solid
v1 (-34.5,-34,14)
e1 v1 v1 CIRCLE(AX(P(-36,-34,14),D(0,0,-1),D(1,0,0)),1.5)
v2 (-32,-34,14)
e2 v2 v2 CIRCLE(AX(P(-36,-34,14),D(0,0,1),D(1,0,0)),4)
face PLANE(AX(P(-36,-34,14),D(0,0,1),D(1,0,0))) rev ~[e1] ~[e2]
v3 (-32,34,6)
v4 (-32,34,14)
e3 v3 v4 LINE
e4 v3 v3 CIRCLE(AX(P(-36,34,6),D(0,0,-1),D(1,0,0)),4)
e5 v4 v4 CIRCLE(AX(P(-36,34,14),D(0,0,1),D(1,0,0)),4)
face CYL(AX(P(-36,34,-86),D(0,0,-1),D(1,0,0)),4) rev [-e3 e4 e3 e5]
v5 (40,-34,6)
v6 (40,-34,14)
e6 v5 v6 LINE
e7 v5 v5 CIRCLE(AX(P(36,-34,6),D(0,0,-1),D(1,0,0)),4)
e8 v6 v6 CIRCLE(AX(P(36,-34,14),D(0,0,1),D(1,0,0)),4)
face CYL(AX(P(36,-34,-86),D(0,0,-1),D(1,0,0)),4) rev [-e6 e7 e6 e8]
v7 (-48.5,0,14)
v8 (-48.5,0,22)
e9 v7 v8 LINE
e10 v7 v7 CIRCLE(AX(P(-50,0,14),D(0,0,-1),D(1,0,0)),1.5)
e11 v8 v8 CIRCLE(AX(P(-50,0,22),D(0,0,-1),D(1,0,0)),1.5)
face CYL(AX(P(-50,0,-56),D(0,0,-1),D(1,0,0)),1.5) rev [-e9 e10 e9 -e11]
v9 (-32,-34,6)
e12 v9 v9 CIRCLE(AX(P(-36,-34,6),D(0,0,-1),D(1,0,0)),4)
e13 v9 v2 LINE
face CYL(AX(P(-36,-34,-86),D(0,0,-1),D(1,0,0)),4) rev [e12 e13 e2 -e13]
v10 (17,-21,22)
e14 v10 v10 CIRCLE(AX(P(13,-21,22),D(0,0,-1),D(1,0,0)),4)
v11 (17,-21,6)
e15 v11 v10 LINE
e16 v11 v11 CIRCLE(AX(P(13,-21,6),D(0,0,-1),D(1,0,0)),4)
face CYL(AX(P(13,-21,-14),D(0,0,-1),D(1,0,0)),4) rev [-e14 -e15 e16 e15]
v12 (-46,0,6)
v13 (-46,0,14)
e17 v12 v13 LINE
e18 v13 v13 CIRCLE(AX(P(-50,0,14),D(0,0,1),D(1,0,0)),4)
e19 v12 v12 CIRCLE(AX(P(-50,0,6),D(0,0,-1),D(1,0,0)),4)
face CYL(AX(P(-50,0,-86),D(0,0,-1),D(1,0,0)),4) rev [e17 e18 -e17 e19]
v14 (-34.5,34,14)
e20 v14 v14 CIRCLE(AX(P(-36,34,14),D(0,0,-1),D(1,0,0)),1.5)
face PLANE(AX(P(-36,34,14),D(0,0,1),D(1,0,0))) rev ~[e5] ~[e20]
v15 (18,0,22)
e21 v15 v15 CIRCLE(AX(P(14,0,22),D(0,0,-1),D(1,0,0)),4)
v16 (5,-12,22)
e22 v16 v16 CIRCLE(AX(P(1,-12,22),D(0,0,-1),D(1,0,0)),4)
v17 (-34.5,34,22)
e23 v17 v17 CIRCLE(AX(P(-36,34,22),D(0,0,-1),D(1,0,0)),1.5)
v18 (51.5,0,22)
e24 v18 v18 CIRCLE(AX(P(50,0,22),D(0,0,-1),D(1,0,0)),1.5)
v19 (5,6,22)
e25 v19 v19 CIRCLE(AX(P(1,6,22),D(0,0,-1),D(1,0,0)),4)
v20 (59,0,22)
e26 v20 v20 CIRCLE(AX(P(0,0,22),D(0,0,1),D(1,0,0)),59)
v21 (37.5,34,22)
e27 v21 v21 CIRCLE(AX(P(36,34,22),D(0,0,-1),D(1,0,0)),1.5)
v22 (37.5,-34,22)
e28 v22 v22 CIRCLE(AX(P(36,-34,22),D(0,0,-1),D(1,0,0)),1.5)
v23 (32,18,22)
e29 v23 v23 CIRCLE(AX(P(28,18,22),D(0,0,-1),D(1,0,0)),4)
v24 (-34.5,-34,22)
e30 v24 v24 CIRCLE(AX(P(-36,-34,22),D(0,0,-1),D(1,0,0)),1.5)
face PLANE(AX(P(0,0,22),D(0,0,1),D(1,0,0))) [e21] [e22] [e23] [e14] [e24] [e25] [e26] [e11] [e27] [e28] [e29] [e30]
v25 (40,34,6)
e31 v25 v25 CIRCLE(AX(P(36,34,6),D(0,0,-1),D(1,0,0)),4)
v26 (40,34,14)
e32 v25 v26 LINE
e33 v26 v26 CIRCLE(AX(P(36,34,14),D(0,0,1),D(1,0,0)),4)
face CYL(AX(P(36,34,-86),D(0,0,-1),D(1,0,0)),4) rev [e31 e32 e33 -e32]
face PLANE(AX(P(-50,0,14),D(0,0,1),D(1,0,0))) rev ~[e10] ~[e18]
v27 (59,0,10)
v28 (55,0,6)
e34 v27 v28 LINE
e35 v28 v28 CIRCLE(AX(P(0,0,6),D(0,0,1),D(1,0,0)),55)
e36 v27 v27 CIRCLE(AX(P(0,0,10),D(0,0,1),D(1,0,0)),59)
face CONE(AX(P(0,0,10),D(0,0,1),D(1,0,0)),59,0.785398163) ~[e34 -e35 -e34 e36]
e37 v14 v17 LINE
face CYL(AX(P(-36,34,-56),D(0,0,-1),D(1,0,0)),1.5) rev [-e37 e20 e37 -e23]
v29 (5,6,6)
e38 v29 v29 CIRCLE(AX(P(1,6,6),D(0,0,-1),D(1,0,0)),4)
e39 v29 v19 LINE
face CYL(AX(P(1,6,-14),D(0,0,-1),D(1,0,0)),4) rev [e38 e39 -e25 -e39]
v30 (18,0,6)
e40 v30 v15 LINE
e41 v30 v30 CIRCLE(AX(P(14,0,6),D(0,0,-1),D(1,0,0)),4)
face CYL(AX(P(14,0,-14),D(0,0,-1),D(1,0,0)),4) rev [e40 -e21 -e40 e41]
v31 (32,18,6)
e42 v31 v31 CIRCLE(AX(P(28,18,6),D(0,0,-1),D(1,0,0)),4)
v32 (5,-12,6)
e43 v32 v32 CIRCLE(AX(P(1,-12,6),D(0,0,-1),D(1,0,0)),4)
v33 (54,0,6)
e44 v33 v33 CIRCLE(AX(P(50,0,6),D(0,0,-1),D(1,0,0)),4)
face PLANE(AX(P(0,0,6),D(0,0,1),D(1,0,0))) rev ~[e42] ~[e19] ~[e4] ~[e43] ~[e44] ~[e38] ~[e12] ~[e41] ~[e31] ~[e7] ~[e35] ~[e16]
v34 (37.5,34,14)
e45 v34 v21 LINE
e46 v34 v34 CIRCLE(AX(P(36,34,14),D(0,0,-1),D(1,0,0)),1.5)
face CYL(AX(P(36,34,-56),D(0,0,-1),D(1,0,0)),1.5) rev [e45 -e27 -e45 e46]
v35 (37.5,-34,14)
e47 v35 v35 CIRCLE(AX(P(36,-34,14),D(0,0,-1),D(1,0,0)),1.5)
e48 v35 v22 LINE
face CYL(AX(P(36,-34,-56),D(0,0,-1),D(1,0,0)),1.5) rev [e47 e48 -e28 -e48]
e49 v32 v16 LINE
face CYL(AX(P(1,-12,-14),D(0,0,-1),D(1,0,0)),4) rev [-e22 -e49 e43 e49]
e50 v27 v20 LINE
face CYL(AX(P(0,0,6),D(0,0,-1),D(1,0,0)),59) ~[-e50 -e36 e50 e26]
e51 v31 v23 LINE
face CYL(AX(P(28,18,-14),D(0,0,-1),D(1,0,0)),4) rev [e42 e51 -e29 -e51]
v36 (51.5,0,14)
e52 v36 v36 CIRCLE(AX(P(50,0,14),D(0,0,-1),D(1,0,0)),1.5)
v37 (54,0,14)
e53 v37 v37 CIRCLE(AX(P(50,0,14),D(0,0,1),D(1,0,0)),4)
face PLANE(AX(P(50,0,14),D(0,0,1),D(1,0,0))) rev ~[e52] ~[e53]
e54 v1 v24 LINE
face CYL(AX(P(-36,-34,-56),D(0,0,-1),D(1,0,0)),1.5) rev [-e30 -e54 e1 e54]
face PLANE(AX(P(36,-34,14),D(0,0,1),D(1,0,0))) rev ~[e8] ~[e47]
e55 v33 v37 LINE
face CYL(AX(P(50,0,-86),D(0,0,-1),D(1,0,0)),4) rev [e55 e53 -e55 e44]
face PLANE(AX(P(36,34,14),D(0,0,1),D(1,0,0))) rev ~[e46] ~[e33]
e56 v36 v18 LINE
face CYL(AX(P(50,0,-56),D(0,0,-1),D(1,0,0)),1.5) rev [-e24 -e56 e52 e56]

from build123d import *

# Parameters (mm, degrees)
CYLINDER1536_R     = 4
CYLINDER1536_DEPTH = 100
CYLINDER1535_R     = 4
CYLINDER1535_DEPTH = 100
CYLINDER1484_R     = 1.5
CYLINDER1484_DEPTH = 100
CYLINDER1485_R     = 1.5
CYLINDER1485_DEPTH = 100
CYLINDER1486_R     = 1.5
CYLINDER1486_DEPTH = 100
CYLINDER1487_R     = 1.5
CYLINDER1487_DEPTH = 100
CYLINDER1488_R     = 1.5
CYLINDER1488_DEPTH = 100
CYLINDER1483_R     = 1.5
CYLINDER1483_DEPTH = 100
CYLINDER1133_R     = 4
CYLINDER1133_DEPTH = 100
CYLINDER1134_R     = 4
CYLINDER1134_DEPTH = 100
CYLINDER1135_R     = 4
CYLINDER1135_DEPTH = 100
CYLINDER1131_R     = 4
CYLINDER1131_DEPTH = 100
CYLINDER1136_R     = 4
CYLINDER1136_DEPTH = 100
CYLINDER1132_R     = 4
CYLINDER1132_DEPTH = 100
CYLINDER1508_R     = 4
CYLINDER1508_DEPTH = 20
CYLINDER1509_R     = 4
CYLINDER1509_DEPTH = 20
CYLINDER1510_R     = 4
CYLINDER1510_DEPTH = 20
CYLINDER1511_R     = 4
CYLINDER1511_DEPTH = 40
CYLINDER1512_R     = 4
CYLINDER1512_DEPTH = 40
CYLINDER1513_R     = 4
CYLINDER1513_DEPTH = 40
CYLINDER1514_R     = 4
CYLINDER1514_DEPTH = 40
CYLINDER1507_R     = 4
CYLINDER1507_DEPTH = 20
CYLINDER1489_R     = 59
CYLINDER1489_DEPTH = 16
CHAMFER040_SIZE    = 4


with BuildPart() as v_lec1536:
    # Cylinder1536 → Cylinder1536 (new body)
    with BuildSketch(Plane(origin=(14, 0, -18), x_dir=(1, 0, 0), z_dir=(0, 0, 1))):
        Circle(CYLINDER1536_R)
    extrude(amount=CYLINDER1536_DEPTH)


with BuildPart() as srouby_troj_silne005:
    # Cylinder1535 → Cylinder1535 (new body)
    with BuildSketch(Plane(origin=(90, 0, -18), x_dir=(1, 0, 0), z_dir=(0, 0, 1))):
        Circle(CYLINDER1535_R)
    extrude(amount=CYLINDER1535_DEPTH)

    # Compound905: union Válec1536
    add(v_lec1536.part)


with BuildPart() as v_lec1484:
    # Cylinder1484 → Cylinder1484 (new body)
    with BuildSketch(Plane(origin=(-36, 34, -60), x_dir=(1, 0, 0), z_dir=(0, 0, 1))):
        Circle(CYLINDER1484_R)
    extrude(amount=CYLINDER1484_DEPTH)


with BuildPart() as v_lec1485:
    # Cylinder1485 → Cylinder1485 (new body)
    with BuildSketch(Plane(origin=(-36, -34, -60), x_dir=(1, 0, 0), z_dir=(0, 0, 1))):
        Circle(CYLINDER1485_R)
    extrude(amount=CYLINDER1485_DEPTH)


with BuildPart() as v_lec1486:
    # Cylinder1486 → Cylinder1486 (new body)
    with BuildSketch(Plane(origin=(50, 0, -60), x_dir=(1, 0, 0), z_dir=(0, 0, 1))):
        Circle(CYLINDER1486_R)
    extrude(amount=CYLINDER1486_DEPTH)


with BuildPart() as v_lec1487:
    # Cylinder1487 → Cylinder1487 (new body)
    with BuildSketch(Plane(origin=(36, 34, -60), x_dir=(1, 0, 0), z_dir=(0, 0, 1))):
        Circle(CYLINDER1487_R)
    extrude(amount=CYLINDER1487_DEPTH)


with BuildPart() as v_lec1488:
    # Cylinder1488 → Cylinder1488 (new body)
    with BuildSketch(Plane(origin=(36, -34, -60), x_dir=(1, 0, 0), z_dir=(0, 0, 1))):
        Circle(CYLINDER1488_R)
    extrude(amount=CYLINDER1488_DEPTH)


with BuildPart() as sbouby_baze004:
    # Cylinder1483 → Cylinder1483 (new body)
    with BuildSketch(Plane(origin=(-50, 0, -60), x_dir=(1, 0, 0), z_dir=(0, 0, 1))):
        Circle(CYLINDER1483_R)
    extrude(amount=CYLINDER1483_DEPTH)

    # Compound892: union Válec1484, Válec1485, Válec1486, Válec1487, Válec1488
    add(v_lec1484.part)
    add(v_lec1485.part)
    add(v_lec1486.part)
    add(v_lec1487.part)
    add(v_lec1488.part)


with BuildPart() as v_lec1133:
    # Cylinder1133 → Cylinder1133 (new body)
    with BuildSketch(Plane(origin=(-36, 34, -90), x_dir=(1, 0, 0), z_dir=(0, 0, 1))):
        Circle(CYLINDER1133_R)
    extrude(amount=CYLINDER1133_DEPTH)


with BuildPart() as v_lec1134:
    # Cylinder1134 → Cylinder1134 (new body)
    with BuildSketch(Plane(origin=(-36, -34, -90), x_dir=(1, 0, 0), z_dir=(0, 0, 1))):
        Circle(CYLINDER1134_R)
    extrude(amount=CYLINDER1134_DEPTH)


with BuildPart() as v_lec1135:
    # Cylinder1135 → Cylinder1135 (new body)
    with BuildSketch(Plane(origin=(50, 0, -90), x_dir=(1, 0, 0), z_dir=(0, 0, 1))):
        Circle(CYLINDER1135_R)
    extrude(amount=CYLINDER1135_DEPTH)


with BuildPart() as v_lec1131:
    # Cylinder1131 → Cylinder1131 (new body)
    with BuildSketch(Plane(origin=(36, 34, -90), x_dir=(1, 0, 0), z_dir=(0, 0, 1))):
        Circle(CYLINDER1131_R)
    extrude(amount=CYLINDER1131_DEPTH)


with BuildPart() as v_lec1136:
    # Cylinder1136 → Cylinder1136 (new body)
    with BuildSketch(Plane(origin=(36, -34, -90), x_dir=(1, 0, 0), z_dir=(0, 0, 1))):
        Circle(CYLINDER1136_R)
    extrude(amount=CYLINDER1136_DEPTH)


with BuildPart() as sbouby_baze_silne007:
    # Cylinder1132 → Cylinder1132 (new body)
    with BuildSketch(Plane(origin=(-50, 0, -90), x_dir=(1, 0, 0), z_dir=(0, 0, 1))):
        Circle(CYLINDER1132_R)
    extrude(amount=CYLINDER1132_DEPTH)

    # Compound897: union Válec1133, Válec1134, Válec1135, Válec1131, Válec1136
    add(v_lec1133.part)
    add(v_lec1134.part)
    add(v_lec1135.part)
    add(v_lec1131.part)
    add(v_lec1136.part)


with BuildPart() as v_lec1508:
    # Cylinder1508 → Cylinder1508 (new body)
    with BuildSketch(Plane(origin=(103, 6, -20), x_dir=(1, 0, 0), z_dir=(0, 0, 1))):
        Circle(CYLINDER1508_R)
    extrude(amount=CYLINDER1508_DEPTH)


with BuildPart() as v_lec1509:
    # Cylinder1509 → Cylinder1509 (new body)
    with BuildSketch(Plane(origin=(76, 18, -18), x_dir=(1, 0, 0), z_dir=(0, 0, 1))):
        Circle(CYLINDER1509_R)
    extrude(amount=CYLINDER1509_DEPTH)


with BuildPart() as v_lec1510:
    # Cylinder1510 → Cylinder1510 (new body)
    with BuildSketch(Plane(origin=(91, -21, -18), x_dir=(1, 0, 0), z_dir=(0, 0, 1))):
        Circle(CYLINDER1510_R)
    extrude(amount=CYLINDER1510_DEPTH)


with BuildPart() as v_lec1511:
    # Cylinder1511 → Cylinder1511 (new body)
    with BuildSketch(Plane(origin=(13, -21, -18), x_dir=(1, 0, 0), z_dir=(0, 0, 1))):
        Circle(CYLINDER1511_R)
    extrude(amount=CYLINDER1511_DEPTH)


with BuildPart() as v_lec1512:
    # Cylinder1512 → Cylinder1512 (new body)
    with BuildSketch(Plane(origin=(28, 18, -18), x_dir=(1, 0, 0), z_dir=(0, 0, 1))):
        Circle(CYLINDER1512_R)
    extrude(amount=CYLINDER1512_DEPTH)


with BuildPart() as v_lec1513:
    # Cylinder1513 → Cylinder1513 (new body)
    with BuildSketch(Plane(origin=(1, -12, -18), x_dir=(1, 0, 0), z_dir=(0, 0, 1))):
        Circle(CYLINDER1513_R)
    extrude(amount=CYLINDER1513_DEPTH)


with BuildPart() as v_lec1514:
    # Cylinder1514 → Cylinder1514 (new body)
    with BuildSketch(Plane(origin=(1, 6, -18), x_dir=(1, 0, 0), z_dir=(0, 0, 1))):
        Circle(CYLINDER1514_R)
    extrude(amount=CYLINDER1514_DEPTH)


with BuildPart() as srouby_monoblok_silne006:
    # Cylinder1507 → Cylinder1507 (new body)
    with BuildSketch(Plane(origin=(103, -12, -20), x_dir=(1, 0, 0), z_dir=(0, 0, 1))):
        Circle(CYLINDER1507_R)
    extrude(amount=CYLINDER1507_DEPTH)

    # Compound895: union Válec1508, Válec1509, Válec1510, Válec1511, Válec1512, Válec1513, Válec1514
    add(v_lec1508.part)
    add(v_lec1509.part)
    add(v_lec1510.part)
    add(v_lec1511.part)
    add(v_lec1512.part)
    add(v_lec1513.part)
    add(v_lec1514.part)


with BuildPart() as cut529:
    # Cylinder1489 → Cylinder1489 (new body)
    with BuildSketch(Plane.XY.offset(2)):
        Circle(CYLINDER1489_R)
    extrude(amount=CYLINDER1489_DEPTH)

    # Cut512: cut srouby_monoblok_silne006
    add(srouby_monoblok_silne006.part, mode=Mode.SUBTRACT)

    # Cut516: cut sbouby_baze_silne007
    add(sbouby_baze_silne007.part, mode=Mode.SUBTRACT)

    # Cut518: cut sbouby_baze004
    add(sbouby_baze004.part, mode=Mode.SUBTRACT)

    # Chamfer040
    chamfer040_edges = [cut529.edges().sort_by_distance(p)[0] for p in [
        (-59, 0, 2),
    ]]
    chamfer(chamfer040_edges, length=CHAMFER040_SIZE)

    # Cut529: cut srouby_troj_silne005
    add(srouby_troj_silne005.part, mode=Mode.SUBTRACT)


with BuildPart() as cut529_1:
    # Cut529 placement: moved
    add(cut529.part.moved(Location((0, 0, 4))))


solid = cut529_1.part
